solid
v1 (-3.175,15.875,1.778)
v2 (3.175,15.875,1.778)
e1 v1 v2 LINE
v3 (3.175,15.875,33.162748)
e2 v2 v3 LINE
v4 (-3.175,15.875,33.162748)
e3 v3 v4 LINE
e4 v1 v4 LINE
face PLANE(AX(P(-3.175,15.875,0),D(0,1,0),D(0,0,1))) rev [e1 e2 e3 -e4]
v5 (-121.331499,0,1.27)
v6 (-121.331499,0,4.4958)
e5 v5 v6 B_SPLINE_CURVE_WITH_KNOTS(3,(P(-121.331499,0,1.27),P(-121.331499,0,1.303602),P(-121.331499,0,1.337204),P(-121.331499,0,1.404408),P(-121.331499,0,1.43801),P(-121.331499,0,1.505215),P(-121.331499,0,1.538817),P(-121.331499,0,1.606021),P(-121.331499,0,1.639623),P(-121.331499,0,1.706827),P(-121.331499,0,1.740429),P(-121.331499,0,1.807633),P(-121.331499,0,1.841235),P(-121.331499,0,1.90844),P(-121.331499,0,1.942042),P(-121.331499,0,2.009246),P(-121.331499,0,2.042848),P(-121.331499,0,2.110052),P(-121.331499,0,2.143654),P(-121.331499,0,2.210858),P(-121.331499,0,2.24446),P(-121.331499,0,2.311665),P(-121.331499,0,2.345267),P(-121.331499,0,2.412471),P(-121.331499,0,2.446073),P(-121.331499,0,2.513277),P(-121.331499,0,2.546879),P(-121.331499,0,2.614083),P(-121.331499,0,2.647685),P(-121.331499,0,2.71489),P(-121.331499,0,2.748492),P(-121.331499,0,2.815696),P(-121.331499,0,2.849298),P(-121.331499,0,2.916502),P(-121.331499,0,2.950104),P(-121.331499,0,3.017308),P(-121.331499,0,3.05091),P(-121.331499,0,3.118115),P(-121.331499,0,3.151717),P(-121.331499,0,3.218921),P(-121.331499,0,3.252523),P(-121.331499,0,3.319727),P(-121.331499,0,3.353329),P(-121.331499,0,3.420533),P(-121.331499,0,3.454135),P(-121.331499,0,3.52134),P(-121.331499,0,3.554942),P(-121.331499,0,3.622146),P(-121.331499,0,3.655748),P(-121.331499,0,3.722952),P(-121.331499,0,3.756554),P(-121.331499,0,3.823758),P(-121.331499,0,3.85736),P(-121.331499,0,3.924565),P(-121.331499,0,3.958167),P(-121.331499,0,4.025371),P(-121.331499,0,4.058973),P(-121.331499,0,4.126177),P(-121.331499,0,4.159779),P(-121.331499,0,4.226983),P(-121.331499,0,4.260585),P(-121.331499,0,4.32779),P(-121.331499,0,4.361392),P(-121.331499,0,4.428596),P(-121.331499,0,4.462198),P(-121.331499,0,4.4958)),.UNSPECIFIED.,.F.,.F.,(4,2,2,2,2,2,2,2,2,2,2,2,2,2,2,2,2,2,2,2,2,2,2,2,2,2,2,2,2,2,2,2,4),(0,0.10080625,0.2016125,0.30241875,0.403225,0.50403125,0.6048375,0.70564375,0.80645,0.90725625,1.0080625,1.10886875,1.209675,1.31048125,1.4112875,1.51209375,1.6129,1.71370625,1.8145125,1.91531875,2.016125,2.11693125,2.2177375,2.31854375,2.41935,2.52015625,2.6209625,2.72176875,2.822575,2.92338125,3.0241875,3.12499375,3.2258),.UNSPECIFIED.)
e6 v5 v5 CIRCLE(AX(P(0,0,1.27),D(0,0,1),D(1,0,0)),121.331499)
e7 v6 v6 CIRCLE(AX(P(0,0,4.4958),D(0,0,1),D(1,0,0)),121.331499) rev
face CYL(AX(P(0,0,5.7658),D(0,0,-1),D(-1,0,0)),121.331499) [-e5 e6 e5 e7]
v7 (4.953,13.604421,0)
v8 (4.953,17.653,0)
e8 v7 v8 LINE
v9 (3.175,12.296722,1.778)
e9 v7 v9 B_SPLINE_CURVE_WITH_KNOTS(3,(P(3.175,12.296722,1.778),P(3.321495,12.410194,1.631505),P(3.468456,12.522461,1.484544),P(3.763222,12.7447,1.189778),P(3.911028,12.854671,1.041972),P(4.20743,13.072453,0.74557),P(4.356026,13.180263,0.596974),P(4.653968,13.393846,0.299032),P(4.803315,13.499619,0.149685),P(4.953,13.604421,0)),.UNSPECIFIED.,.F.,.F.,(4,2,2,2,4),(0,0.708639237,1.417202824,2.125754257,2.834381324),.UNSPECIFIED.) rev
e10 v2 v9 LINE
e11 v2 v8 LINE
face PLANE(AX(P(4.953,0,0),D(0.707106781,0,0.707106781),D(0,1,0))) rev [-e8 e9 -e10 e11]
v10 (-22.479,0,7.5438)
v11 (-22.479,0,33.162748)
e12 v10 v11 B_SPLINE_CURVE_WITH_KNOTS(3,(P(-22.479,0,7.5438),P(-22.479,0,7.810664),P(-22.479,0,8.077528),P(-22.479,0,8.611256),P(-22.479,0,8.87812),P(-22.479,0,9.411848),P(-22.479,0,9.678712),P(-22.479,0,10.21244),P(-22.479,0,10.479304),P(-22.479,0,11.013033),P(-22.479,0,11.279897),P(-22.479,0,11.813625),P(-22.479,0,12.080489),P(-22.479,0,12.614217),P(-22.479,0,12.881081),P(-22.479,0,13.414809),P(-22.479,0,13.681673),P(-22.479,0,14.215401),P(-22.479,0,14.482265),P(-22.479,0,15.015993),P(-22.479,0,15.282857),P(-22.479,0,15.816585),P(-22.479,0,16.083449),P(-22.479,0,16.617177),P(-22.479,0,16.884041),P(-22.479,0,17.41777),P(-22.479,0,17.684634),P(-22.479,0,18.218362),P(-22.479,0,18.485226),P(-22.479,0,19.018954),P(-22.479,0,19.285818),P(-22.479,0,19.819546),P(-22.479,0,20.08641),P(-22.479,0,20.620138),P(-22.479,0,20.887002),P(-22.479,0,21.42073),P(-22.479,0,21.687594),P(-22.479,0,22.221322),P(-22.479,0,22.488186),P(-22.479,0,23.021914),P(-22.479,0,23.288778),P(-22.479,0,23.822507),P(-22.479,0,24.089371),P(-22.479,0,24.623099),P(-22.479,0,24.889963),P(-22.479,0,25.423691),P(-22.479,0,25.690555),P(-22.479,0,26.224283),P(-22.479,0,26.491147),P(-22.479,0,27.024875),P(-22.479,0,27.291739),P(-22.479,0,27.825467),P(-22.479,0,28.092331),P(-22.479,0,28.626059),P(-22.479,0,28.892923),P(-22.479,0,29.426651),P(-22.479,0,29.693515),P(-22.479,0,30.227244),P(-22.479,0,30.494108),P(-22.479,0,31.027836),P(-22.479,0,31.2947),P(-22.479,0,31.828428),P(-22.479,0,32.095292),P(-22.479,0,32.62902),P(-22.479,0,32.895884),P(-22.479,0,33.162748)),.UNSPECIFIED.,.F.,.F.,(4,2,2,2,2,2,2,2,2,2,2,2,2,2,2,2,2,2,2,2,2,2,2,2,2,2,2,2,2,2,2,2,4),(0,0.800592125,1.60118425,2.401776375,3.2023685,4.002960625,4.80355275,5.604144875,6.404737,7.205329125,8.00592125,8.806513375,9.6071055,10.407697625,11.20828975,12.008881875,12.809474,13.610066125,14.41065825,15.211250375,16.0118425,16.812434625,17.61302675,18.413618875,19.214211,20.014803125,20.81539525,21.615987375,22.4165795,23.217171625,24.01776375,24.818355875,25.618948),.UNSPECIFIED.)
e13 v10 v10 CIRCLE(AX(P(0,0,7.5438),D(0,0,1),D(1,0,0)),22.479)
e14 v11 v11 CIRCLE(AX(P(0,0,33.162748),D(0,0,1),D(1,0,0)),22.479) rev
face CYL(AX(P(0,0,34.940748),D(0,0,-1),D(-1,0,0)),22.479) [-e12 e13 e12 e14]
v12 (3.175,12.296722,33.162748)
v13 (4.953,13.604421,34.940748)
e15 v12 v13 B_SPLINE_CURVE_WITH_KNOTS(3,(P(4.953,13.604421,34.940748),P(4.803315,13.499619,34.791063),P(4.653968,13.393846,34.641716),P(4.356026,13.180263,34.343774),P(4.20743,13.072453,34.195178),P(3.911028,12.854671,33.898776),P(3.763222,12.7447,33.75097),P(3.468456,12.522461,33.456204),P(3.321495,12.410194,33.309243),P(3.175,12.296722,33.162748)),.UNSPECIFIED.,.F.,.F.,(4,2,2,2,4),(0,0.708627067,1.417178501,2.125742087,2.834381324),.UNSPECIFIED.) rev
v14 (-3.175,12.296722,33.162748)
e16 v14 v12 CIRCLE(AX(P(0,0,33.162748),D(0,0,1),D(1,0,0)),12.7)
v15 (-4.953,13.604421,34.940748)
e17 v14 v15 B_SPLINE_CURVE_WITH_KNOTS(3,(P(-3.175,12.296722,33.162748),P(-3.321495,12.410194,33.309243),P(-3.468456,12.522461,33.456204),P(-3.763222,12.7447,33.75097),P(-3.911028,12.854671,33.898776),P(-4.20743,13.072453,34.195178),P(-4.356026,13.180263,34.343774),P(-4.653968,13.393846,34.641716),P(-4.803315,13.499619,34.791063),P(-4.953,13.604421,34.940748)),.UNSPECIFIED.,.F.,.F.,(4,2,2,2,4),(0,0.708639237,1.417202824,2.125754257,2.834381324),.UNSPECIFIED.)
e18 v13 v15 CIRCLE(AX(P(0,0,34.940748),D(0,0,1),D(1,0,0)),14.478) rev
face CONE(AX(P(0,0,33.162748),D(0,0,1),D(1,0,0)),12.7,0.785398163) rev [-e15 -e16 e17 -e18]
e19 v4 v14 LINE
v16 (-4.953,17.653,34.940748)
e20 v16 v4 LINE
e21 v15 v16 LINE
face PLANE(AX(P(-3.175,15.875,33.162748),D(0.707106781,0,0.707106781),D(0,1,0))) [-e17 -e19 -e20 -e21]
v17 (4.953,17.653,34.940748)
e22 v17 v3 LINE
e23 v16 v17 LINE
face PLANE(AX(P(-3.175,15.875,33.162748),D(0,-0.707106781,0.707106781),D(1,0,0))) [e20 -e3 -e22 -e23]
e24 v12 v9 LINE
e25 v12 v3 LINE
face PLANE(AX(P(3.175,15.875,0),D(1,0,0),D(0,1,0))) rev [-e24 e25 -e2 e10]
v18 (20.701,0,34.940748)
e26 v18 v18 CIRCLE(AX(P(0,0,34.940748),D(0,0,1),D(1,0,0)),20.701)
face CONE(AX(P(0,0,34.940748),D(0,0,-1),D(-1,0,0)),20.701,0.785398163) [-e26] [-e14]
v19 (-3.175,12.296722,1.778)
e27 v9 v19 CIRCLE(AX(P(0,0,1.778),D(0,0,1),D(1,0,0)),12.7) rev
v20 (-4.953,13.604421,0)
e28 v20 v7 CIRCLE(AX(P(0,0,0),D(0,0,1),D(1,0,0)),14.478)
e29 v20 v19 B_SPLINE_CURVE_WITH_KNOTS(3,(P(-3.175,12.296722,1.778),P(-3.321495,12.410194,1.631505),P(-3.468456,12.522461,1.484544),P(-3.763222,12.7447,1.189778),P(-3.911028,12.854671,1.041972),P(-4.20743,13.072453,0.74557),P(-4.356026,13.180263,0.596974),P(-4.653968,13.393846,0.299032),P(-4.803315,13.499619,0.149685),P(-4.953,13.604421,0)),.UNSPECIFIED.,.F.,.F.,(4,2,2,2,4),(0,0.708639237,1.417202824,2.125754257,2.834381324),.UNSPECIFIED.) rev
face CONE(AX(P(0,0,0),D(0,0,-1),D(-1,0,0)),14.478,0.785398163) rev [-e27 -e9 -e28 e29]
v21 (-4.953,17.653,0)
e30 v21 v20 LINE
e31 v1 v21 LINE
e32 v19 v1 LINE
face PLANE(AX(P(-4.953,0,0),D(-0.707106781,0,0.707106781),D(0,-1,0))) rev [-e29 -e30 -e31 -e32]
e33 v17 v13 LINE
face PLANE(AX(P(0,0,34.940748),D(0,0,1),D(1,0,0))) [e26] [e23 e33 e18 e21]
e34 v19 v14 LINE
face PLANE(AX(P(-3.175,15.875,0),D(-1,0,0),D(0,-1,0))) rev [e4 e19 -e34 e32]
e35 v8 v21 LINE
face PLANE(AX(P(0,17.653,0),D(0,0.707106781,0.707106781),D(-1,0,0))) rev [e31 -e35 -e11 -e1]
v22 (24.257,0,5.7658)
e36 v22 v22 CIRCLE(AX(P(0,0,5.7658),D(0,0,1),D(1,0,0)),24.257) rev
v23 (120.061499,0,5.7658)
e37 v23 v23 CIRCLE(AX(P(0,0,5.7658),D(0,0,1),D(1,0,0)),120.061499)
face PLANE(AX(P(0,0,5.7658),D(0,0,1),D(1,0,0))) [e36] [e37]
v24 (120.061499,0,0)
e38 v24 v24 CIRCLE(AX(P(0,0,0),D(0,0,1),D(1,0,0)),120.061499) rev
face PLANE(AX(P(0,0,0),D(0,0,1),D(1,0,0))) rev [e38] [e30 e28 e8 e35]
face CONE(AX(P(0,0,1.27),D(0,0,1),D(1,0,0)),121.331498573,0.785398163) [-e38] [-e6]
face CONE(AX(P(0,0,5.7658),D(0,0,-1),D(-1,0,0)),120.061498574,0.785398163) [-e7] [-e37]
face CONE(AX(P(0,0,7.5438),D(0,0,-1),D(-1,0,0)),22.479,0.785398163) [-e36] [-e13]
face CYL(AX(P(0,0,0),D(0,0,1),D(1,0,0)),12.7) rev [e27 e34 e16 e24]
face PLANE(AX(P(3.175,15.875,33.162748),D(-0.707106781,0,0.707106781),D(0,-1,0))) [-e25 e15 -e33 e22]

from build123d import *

# Parameters (mm, degrees)
SKETCH1_R               = 121.331498574
BOSS_EXTRUDE1_DEPTH     = 5.7658
SKETCH2_R               = 22.479
BOSS_EXTRUDE2_DEPTH     = 29.174948
CUT_EXTRUDE1_DEPTH      = 176.110025307
CUT_EXTRUDE1_DEPTH_BACK = 176.110025307
SKETCH3_R               = 12.7
CUT_EXTRUDE2_DEPTH      = 176.110025307
CUT_EXTRUDE2_DEPTH_BACK = 176.110025307
SKETCH4_W               = 6.35
SKETCH4_H               = 6.35
CHAMFER1_SIZE           = 1.27
CHAMFER2_SIZE           = 1.778


with BuildPart() as part:
    # Sketch1 → Boss-Extrude1 (new body)
    with BuildSketch(Plane.XY):
        with Locations(Location((0, 0, 0), (0, 0, 180))):
            Circle(SKETCH1_R)
    extrude(amount=BOSS_EXTRUDE1_DEPTH)

    # Sketch2 → Boss-Extrude2 (add)
    with BuildSketch(Plane.XY.offset(5.7658)):
        with Locations(Location((0, 0, 0), (0, 0, 180))):
            Circle(SKETCH2_R)
    extrude(amount=BOSS_EXTRUDE2_DEPTH)

    # Sketch3 → Cut-Extrude1 (cut, two sides: drawn at the far end of the back side and taken through both)
    with BuildSketch(Plane.XY.offset(34.940748).offset(-CUT_EXTRUDE1_DEPTH_BACK)):
        Circle(SKETCH3_R)
    extrude(amount=CUT_EXTRUDE1_DEPTH + CUT_EXTRUDE1_DEPTH_BACK, mode=Mode.SUBTRACT)

    # Sketch4 → Cut-Extrude2 (cut, two sides: drawn at the far end of the back side and taken through both)
    with BuildSketch(Plane.XY.offset(34.940748).offset(-CUT_EXTRUDE2_DEPTH_BACK)):
        with Locations((0, 12.7)):
            Rectangle(SKETCH4_W, SKETCH4_H)
    extrude(amount=CUT_EXTRUDE2_DEPTH + CUT_EXTRUDE2_DEPTH_BACK, mode=Mode.SUBTRACT)

    # Chamfer1
    chamfer1_edges = [part.edges().sort_by_distance(p)[0] for p in [
        (121.331498574, 0, 0),
        (121.331498574, 0, 5.7658),
    ]]
    chamfer(chamfer1_edges, length=CHAMFER1_SIZE)

    # Chamfer2
    chamfer2_edges = [part.edges().sort_by_distance(p)[0] for p in [
        (0, -12.7, 34.940748),
        (0, -12.7, 0),
        (0, 15.875, 34.940748),
        (3.175, 14.085861062, 34.940748),
        (-3.175, 14.085861062, 34.940748),
        (3.175, 14.085861062, 0),
        (-3.175, 14.085861062, 0),
        (0, 15.875, 0),
        (22.479, 0, 5.7658),
        (22.479, 0, 34.940748),
    ]]
    chamfer(chamfer2_edges, length=CHAMFER2_SIZE)


solid = part.part
